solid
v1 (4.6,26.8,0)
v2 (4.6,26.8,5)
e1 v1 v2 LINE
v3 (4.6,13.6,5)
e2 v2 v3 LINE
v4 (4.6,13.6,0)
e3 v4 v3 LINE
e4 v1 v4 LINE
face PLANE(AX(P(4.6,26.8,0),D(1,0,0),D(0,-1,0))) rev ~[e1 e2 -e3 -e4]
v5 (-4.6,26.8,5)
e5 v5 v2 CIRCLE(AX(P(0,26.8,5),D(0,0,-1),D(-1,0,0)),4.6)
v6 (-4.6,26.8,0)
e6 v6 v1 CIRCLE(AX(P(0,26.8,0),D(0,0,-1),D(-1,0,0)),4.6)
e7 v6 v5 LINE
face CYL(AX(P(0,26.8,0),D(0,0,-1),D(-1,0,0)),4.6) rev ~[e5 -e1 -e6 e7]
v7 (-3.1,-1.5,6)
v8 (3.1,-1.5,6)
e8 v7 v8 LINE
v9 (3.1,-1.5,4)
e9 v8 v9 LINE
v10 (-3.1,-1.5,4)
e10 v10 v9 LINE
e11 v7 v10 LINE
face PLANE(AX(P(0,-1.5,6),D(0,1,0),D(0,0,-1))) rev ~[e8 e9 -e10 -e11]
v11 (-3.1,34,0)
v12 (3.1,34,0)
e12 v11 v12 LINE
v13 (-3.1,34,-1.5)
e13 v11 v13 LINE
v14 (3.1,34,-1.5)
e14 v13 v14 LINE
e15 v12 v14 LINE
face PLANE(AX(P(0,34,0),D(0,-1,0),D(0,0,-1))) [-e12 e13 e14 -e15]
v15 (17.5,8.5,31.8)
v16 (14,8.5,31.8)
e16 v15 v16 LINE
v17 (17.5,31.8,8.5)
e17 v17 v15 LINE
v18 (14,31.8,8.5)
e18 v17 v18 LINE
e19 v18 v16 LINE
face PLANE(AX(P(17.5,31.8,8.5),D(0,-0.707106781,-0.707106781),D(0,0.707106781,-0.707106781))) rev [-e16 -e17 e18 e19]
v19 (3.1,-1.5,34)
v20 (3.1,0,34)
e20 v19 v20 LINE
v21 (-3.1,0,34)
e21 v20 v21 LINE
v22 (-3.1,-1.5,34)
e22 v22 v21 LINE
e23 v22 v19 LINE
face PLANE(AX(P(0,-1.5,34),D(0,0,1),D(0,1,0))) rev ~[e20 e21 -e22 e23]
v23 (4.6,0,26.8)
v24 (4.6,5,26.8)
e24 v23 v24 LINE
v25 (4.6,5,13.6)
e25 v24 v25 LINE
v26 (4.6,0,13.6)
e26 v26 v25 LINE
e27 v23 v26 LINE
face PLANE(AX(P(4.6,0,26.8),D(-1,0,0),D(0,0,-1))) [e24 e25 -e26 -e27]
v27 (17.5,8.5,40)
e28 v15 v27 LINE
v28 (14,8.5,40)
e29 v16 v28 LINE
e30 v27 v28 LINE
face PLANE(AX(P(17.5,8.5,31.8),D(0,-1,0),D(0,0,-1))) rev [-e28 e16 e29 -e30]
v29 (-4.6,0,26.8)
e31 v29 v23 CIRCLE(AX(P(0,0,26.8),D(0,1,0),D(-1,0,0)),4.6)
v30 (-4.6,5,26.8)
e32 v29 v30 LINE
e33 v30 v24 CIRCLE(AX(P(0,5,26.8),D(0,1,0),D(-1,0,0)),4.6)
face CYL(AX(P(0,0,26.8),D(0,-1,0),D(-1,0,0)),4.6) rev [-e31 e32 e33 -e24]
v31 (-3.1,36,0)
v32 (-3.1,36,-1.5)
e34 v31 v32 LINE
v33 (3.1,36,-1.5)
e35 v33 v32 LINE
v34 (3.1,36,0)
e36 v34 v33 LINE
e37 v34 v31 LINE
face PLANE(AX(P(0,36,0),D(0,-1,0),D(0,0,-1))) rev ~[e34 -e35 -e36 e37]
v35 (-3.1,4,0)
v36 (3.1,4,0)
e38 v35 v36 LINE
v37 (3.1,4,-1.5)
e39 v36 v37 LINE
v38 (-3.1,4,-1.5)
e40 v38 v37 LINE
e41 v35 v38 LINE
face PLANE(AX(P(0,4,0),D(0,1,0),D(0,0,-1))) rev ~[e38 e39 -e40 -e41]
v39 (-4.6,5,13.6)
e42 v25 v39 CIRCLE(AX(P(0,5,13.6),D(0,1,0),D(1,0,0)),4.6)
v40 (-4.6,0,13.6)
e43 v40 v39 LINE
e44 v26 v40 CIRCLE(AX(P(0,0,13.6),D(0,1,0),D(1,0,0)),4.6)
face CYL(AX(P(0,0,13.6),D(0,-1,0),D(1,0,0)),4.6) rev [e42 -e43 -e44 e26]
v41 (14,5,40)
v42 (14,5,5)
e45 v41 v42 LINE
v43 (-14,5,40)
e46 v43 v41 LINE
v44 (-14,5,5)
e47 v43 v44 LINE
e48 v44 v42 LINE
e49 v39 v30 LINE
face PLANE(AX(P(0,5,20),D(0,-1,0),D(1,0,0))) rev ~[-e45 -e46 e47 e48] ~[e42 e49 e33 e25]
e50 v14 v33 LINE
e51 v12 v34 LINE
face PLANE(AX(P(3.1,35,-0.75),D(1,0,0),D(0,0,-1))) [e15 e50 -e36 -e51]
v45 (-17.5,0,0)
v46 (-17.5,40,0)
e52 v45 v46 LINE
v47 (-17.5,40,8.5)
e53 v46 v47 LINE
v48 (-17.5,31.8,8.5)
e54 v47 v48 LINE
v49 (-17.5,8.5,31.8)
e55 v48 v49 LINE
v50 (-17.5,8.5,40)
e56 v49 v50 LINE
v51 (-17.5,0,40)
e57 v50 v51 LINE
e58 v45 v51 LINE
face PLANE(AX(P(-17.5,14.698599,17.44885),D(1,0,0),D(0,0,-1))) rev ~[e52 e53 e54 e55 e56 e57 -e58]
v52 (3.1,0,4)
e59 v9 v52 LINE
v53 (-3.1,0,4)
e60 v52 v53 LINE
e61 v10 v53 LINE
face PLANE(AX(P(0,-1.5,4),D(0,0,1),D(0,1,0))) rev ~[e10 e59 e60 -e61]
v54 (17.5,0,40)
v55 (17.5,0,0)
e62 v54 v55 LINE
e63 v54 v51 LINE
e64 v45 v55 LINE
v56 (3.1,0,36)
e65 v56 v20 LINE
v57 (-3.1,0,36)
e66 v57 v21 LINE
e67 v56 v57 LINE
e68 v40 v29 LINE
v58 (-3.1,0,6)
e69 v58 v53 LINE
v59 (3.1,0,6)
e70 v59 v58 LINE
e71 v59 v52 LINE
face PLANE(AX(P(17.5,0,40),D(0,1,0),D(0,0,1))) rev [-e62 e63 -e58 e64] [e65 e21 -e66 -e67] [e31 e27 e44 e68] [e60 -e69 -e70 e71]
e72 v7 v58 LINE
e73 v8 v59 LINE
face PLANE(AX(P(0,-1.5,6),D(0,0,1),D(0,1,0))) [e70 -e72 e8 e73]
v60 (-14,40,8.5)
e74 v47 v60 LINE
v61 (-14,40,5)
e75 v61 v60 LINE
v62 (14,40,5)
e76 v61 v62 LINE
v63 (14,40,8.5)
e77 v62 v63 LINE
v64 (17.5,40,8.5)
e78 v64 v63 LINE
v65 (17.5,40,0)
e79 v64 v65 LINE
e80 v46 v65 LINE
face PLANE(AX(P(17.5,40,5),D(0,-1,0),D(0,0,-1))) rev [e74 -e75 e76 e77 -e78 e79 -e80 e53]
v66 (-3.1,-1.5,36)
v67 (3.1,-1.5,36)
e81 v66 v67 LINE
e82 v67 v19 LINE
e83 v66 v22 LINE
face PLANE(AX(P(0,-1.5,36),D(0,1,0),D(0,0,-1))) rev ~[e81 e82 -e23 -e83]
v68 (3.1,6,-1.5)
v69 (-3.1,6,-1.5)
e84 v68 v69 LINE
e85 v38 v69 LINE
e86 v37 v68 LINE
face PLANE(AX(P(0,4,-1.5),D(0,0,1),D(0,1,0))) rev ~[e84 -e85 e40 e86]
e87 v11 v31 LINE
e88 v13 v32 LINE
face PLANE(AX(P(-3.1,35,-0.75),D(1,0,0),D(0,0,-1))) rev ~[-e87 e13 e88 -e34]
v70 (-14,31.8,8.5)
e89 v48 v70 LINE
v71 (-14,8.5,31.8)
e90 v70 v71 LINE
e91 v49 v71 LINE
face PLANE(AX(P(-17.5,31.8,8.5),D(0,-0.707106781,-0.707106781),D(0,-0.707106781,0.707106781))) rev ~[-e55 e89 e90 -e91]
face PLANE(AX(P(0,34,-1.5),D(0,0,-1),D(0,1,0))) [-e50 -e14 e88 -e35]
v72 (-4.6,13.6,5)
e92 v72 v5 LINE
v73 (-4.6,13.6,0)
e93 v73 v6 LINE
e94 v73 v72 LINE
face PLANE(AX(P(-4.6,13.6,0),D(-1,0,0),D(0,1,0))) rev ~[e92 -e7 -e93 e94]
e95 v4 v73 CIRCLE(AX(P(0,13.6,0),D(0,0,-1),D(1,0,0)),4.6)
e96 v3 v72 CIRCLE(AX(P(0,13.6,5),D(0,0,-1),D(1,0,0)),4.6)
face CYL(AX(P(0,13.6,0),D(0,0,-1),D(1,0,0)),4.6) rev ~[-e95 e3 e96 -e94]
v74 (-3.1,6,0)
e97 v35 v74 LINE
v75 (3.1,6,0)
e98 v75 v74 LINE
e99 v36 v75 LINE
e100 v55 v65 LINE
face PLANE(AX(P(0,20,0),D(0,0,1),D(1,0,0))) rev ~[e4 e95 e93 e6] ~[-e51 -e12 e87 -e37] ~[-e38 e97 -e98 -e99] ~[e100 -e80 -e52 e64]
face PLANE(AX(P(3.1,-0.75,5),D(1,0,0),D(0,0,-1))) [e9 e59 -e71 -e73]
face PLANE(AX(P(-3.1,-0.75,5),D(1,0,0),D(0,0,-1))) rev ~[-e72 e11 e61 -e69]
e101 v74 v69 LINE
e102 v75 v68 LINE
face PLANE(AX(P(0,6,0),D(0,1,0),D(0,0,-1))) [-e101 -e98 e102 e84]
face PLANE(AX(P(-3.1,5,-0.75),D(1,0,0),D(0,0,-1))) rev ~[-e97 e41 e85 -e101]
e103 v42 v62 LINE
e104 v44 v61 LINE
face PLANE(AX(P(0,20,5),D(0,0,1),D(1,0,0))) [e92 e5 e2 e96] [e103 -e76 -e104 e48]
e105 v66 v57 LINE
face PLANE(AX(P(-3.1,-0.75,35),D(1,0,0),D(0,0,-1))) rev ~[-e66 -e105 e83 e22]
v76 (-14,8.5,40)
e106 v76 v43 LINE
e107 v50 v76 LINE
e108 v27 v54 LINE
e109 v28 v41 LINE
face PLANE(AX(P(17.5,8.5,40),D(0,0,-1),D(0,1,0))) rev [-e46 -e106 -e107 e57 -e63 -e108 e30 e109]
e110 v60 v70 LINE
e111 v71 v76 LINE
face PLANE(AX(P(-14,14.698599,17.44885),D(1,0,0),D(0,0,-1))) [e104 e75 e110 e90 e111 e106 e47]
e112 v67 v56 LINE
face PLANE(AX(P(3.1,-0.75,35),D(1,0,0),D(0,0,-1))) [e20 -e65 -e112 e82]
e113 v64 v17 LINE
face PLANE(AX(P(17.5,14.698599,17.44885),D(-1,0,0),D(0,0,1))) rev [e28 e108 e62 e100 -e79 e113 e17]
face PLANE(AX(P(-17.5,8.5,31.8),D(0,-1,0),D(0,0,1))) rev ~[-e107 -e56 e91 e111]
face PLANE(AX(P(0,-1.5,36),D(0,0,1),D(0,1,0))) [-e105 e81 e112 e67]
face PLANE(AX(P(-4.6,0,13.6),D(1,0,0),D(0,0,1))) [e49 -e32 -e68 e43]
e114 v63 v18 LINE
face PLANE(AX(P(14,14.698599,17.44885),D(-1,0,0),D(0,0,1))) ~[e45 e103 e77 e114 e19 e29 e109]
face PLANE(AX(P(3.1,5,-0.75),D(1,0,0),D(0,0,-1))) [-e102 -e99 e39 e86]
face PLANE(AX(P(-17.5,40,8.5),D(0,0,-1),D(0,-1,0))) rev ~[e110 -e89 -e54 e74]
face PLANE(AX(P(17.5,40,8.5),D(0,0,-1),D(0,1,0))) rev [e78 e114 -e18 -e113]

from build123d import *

# Parameters (mm, degrees)
SKETCH_3_W      = 35
SKETCH_3_H      = 40
EXTRUDE_1_DEPTH = 5
EXTRUDE_2_DEPTH = 3.5
SKETCH_5_W      = 35
SKETCH_5_H      = 40
EXTRUDE_3_DEPTH = 5
SKETCH_6_W      = 2
SKETCH_6_H      = 1.5
SKETCH_6_W_2    = 1.5
SKETCH_6_H_2    = 2
EXTRUDE_4_DEPTH = 3.1


with BuildPart() as part:
    # 草图3 → 凸台-拉伸1 (new body)
    with BuildSketch(Plane.XY):
        with Locations((0, 20)):
            Rectangle(SKETCH_3_W, SKETCH_3_H)
        with BuildLine():
            Line((4.6, 26.8), (4.6, 13.6))
            ThreePointArc((4.6, 13.6), (0, 9), (-4.6, 13.6))
            Line((-4.6, 13.6), (-4.6, 26.8))
            ThreePointArc((-4.6, 26.8), (0, 31.4), (4.6, 26.8))
        make_face(mode=Mode.SUBTRACT)
    extrude(amount=EXTRUDE_1_DEPTH)

    # 草图4 → 凸台-拉伸2 (add)
    with BuildSketch(Plane.ZY.offset(17.5)):
        Polygon((5, 40), (8.5, 40), (8.5, 31.8), (31.8, 8.5), (40, 8.5), (40, 0), (5, 0), align=None)
    extrude_2 = extrude(amount=-EXTRUDE_2_DEPTH)

    # 镜向1: 凸台-拉伸2 across plane
    add(extrude_2.mirror(Plane(origin=(0, 0, 0), x_dir=(0, 0, 1), z_dir=(1, 0, 0))))

    # 草图5 → 凸台-拉伸3 (add)
    with BuildSketch(Plane.XZ):
        with Locations((0, 20)):
            Rectangle(SKETCH_5_W, SKETCH_5_H)
        with BuildLine():
            Line((4.6, 26.8), (4.6, 13.6))
            ThreePointArc((4.6, 13.6), (0, 9), (-4.6, 13.6))
            Line((-4.6, 13.6), (-4.6, 26.8))
            ThreePointArc((-4.6, 26.8), (0, 31.4), (4.6, 26.8))
        make_face(mode=Mode.SUBTRACT)
    extrude(amount=-EXTRUDE_3_DEPTH)

    # 草图6 → 凸台-拉伸4 (add, symmetric)
    with BuildSketch(Plane(origin=(0, 0, 0), x_dir=(0, 0, -1), z_dir=(1, 0, 0))):
        with Locations((-35, -0.75)):
            Rectangle(SKETCH_6_W, SKETCH_6_H)
        with Locations((-5, -0.75)):
            Rectangle(SKETCH_6_W, SKETCH_6_H)
        with Locations((0.75, 5)):
            Rectangle(SKETCH_6_W_2, SKETCH_6_H_2)
        with Locations((0.75, 35)):
            Rectangle(SKETCH_6_W_2, SKETCH_6_H_2)
    extrude(amount=EXTRUDE_4_DEPTH, both=True)


solid = part.part
